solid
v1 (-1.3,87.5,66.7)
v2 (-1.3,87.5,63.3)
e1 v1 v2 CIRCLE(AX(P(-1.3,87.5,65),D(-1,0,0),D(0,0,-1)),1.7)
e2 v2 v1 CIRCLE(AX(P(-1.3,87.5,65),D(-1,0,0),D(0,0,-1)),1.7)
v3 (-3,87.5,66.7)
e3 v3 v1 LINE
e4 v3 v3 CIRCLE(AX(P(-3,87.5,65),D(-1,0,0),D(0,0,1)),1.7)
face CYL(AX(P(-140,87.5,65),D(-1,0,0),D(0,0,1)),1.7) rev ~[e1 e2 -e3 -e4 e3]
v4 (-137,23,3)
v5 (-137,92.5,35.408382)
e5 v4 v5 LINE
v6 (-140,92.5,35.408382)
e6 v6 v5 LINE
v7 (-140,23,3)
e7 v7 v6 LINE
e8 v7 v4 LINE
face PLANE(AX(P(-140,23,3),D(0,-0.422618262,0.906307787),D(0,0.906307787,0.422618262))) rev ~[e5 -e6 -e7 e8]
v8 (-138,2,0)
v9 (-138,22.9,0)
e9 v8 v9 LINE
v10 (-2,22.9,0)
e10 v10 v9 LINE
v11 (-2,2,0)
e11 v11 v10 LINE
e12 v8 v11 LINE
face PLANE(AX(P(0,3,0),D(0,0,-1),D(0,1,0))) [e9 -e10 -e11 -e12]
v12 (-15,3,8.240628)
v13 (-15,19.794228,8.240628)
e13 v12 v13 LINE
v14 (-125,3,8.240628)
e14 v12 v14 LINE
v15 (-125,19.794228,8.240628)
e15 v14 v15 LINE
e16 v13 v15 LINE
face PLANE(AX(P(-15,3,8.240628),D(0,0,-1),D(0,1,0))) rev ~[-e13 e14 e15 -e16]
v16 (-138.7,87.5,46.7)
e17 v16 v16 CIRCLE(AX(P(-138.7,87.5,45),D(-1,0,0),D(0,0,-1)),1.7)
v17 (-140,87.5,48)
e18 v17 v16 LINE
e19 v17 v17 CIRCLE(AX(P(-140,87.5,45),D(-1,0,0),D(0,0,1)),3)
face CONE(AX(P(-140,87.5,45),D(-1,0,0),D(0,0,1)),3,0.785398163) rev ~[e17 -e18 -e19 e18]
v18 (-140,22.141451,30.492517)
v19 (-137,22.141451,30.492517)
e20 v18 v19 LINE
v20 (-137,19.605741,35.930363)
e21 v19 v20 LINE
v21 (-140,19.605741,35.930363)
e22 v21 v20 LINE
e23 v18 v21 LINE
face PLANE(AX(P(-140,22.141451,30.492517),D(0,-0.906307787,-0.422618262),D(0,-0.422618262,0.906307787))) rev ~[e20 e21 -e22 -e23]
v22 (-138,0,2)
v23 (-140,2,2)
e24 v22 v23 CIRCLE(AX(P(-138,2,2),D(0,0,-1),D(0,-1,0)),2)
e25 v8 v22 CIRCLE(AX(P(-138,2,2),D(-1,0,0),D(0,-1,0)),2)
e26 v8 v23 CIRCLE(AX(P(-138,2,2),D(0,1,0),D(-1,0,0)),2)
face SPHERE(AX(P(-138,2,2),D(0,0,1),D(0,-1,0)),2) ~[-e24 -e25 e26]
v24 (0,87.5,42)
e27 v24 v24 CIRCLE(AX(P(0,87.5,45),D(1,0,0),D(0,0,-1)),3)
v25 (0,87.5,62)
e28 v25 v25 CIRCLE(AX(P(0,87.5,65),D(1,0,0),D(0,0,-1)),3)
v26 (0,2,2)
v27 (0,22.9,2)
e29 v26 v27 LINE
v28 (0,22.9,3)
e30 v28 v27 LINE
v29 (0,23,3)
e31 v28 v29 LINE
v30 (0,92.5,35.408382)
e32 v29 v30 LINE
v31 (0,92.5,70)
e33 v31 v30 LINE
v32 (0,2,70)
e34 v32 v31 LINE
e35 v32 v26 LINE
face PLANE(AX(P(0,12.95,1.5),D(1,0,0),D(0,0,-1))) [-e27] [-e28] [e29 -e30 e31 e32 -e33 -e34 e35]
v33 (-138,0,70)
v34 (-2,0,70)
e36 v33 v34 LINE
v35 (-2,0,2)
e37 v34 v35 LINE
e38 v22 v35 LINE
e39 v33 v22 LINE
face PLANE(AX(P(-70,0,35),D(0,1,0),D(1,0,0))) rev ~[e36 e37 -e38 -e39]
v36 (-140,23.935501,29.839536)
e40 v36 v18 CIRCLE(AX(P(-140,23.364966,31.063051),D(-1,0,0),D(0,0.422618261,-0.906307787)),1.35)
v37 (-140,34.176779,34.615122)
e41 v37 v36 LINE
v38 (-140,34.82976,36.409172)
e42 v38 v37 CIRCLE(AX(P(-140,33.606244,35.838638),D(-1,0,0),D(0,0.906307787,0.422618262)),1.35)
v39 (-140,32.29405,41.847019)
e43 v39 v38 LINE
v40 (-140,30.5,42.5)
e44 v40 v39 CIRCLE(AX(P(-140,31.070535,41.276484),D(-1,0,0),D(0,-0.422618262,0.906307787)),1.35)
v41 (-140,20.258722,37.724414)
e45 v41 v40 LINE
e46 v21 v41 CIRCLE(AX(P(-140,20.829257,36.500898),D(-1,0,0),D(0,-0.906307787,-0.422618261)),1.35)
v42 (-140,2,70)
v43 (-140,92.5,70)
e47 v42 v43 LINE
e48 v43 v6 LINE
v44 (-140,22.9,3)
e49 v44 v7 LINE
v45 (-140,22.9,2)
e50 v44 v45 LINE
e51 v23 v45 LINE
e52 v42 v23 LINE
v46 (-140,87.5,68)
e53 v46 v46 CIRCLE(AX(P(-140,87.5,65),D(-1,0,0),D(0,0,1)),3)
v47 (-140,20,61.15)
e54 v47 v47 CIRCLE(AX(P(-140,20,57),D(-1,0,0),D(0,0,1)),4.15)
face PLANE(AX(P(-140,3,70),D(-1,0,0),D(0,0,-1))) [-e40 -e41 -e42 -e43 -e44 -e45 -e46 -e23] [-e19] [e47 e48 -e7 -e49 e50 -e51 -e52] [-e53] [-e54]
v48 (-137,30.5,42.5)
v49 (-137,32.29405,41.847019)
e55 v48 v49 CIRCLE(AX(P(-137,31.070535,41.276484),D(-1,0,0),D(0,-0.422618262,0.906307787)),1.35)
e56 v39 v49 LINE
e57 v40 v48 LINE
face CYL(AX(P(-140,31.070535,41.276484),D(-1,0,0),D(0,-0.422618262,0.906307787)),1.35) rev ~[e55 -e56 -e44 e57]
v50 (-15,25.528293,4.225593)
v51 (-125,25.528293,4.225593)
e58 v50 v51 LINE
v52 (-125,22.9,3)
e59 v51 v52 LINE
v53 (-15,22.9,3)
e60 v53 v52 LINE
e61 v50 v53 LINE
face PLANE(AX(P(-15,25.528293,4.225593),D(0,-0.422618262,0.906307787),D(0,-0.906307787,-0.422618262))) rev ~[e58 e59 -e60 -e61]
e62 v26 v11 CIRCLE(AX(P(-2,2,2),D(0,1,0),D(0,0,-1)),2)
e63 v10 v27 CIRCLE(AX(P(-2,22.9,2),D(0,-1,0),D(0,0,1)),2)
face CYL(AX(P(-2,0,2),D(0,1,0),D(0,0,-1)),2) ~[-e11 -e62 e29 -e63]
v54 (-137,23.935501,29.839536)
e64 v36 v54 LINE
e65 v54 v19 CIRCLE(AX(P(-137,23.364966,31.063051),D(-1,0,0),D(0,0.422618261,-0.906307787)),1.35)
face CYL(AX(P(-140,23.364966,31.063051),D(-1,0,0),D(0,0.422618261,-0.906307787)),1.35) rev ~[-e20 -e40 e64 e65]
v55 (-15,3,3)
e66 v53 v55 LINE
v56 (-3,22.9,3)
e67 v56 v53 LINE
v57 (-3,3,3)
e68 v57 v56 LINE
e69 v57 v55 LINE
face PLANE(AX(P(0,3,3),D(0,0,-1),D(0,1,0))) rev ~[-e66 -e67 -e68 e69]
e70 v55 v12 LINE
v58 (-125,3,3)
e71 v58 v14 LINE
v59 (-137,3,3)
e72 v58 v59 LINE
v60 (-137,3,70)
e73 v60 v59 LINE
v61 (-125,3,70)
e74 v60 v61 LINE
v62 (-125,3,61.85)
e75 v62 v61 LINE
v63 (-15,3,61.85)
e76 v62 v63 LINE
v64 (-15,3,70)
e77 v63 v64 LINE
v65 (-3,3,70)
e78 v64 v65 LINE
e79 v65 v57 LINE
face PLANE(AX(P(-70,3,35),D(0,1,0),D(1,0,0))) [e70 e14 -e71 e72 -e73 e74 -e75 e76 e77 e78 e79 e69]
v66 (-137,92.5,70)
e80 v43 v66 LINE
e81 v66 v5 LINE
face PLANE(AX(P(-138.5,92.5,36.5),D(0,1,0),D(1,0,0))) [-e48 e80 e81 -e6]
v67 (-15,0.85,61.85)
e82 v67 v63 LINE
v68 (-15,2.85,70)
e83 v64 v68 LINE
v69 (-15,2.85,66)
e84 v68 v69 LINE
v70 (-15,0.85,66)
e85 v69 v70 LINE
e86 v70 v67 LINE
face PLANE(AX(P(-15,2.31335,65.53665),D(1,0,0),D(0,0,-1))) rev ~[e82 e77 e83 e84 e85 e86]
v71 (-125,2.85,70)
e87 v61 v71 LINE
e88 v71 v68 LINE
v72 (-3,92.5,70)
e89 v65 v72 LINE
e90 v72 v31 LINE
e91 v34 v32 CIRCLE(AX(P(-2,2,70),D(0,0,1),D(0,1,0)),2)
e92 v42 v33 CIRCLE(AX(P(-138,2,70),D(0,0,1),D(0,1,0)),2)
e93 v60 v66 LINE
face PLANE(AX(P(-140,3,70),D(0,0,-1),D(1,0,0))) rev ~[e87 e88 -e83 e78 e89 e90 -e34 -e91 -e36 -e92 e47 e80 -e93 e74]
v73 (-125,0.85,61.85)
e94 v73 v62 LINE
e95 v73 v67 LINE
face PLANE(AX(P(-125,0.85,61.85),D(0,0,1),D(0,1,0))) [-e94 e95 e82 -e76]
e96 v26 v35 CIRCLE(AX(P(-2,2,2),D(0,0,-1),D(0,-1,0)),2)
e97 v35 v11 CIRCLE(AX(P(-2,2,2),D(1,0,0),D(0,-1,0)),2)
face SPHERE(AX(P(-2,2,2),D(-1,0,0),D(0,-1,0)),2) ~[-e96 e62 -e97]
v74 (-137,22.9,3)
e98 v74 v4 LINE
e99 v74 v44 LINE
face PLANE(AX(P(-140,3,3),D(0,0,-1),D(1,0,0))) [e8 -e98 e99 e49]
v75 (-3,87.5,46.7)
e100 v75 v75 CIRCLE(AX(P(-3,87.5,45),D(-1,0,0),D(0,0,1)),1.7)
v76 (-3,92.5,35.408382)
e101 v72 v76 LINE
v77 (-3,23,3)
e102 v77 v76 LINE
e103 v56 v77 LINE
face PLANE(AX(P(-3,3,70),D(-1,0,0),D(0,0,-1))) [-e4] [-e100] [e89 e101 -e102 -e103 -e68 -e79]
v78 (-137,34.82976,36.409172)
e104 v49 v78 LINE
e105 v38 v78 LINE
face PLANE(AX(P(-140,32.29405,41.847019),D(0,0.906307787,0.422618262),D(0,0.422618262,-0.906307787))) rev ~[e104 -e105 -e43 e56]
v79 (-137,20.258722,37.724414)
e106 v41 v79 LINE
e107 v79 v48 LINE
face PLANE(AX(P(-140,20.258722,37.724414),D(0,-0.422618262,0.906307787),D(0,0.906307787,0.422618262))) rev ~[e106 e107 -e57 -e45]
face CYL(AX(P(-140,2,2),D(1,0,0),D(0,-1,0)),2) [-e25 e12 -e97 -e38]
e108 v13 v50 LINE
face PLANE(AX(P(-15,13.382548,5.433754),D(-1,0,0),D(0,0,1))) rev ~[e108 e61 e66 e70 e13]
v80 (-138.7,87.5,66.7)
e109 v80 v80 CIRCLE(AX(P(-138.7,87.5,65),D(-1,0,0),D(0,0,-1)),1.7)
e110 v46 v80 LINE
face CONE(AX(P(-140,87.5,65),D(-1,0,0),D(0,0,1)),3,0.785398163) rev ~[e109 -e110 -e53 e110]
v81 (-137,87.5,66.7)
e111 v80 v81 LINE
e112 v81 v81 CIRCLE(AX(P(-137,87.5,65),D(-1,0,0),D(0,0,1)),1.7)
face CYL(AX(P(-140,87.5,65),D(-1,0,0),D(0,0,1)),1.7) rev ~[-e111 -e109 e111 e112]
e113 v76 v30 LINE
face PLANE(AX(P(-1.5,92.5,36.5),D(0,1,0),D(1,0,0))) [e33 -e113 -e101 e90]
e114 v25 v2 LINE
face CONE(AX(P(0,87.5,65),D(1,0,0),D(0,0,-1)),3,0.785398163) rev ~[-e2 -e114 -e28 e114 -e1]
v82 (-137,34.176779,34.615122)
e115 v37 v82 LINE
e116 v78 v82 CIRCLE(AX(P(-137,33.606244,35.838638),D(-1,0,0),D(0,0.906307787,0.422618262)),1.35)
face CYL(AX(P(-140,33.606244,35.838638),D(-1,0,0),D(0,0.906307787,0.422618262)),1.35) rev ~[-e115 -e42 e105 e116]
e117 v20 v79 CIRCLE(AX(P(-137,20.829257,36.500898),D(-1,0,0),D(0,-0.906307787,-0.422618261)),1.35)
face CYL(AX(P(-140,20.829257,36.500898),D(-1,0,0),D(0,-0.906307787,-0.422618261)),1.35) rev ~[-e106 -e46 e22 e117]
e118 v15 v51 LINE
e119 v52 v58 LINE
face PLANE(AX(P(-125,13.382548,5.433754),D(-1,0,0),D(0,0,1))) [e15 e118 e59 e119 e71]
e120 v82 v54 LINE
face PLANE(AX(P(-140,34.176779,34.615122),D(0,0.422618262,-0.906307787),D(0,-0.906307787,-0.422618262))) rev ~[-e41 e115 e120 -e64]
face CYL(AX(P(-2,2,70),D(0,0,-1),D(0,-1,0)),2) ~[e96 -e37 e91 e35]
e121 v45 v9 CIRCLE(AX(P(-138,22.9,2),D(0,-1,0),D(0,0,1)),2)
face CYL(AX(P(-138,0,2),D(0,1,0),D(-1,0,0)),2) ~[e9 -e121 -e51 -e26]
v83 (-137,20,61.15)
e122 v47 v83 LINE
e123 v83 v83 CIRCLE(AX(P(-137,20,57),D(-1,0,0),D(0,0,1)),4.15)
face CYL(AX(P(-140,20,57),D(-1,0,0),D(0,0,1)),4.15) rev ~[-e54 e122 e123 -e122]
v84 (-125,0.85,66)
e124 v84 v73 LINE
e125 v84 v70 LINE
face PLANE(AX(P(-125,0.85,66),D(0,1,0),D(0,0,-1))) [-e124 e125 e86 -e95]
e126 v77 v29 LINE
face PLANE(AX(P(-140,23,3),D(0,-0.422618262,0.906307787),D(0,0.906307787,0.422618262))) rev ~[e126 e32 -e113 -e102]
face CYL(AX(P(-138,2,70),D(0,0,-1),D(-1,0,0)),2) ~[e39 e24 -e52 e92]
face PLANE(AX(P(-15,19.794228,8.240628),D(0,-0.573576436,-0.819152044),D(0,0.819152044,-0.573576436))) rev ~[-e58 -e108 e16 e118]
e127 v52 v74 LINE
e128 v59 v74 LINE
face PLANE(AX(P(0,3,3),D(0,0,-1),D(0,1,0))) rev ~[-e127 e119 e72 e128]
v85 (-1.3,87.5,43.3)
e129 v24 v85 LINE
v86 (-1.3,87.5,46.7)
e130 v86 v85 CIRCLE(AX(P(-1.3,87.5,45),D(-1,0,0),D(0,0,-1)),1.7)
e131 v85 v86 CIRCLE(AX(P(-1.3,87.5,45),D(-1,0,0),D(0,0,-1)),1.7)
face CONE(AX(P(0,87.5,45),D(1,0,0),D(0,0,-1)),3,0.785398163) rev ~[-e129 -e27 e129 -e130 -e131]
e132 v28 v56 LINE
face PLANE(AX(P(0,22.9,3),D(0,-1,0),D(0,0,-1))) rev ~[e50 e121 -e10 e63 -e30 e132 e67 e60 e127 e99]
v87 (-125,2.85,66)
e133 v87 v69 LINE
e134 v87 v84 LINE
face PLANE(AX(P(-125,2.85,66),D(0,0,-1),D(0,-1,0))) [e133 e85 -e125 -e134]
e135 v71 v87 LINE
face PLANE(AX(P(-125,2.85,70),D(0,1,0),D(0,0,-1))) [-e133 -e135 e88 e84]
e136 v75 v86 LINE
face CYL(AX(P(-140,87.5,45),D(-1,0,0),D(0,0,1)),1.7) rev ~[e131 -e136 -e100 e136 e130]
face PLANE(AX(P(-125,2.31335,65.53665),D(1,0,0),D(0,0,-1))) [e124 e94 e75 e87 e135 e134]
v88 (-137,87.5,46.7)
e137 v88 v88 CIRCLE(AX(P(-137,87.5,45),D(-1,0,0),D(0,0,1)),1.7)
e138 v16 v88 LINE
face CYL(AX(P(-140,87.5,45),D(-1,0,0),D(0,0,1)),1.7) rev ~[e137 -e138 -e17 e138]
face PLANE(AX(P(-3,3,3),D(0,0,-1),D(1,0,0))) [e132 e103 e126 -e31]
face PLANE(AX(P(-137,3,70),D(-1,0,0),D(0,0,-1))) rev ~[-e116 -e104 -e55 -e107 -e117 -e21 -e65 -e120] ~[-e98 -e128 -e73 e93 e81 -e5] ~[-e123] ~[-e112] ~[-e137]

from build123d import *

# Parameters (mm, degrees)
SCHIZZO1_W                         = 140
SCHIZZO1_H                         = 70
ESTRUSIONE_ESTRUSIONE1_DEPTH       = 3
ESTRUSIONE_ESTRUSIONE2_DEPTH       = 110
SCHIZZO4_W                         = 3
SCHIZZO4_H                         = 19.9
ESTRUSIONE_ESTRUSIONE3_DEPTH       = 140
SCHIZZO5_W                         = 3
SCHIZZO5_H                         = 67
ESTRUSIONE_ESTRUSIONE4_DEPTH       = 89.5
TAGLIO_ESTRUSIONE1_REACH           = 183.814
TAGLIO_ESTRUSIONE3_DEPTH           = 110
RACCORDO1_R                        = 2
SCHIZZO8_R                         = 1.7
TAGLIO_ESTRUSIONE4_DEPTH           = 182.813778356
SCHIZZO10_R                        = 3
TAGLIO_ESTRUSIONE5_DEPTH           = 2
TAGLIO_ESTRUSIONE5_DRAFT           = -45
TAGLIO_ESTRUSIONE5_PROFILE_2_DEPTH = 2
TAGLIO_ESTRUSIONE5_PROFILE_2_DRAFT = -45
SCHIZZO11_R                        = 3
TAGLIO_ESTRUSIONE6_DEPTH           = 2
TAGLIO_ESTRUSIONE6_DRAFT           = -45
TAGLIO_ESTRUSIONE6_PROFILE_2_DEPTH = 2
TAGLIO_ESTRUSIONE6_PROFILE_2_DRAFT = -45
TAGLIO_ESTRUSIONE7_DEPTH           = 3
SCHIZZO13_R                        = 4.15
TAGLIO_ESTRUSIONE8_DEPTH           = 10


with BuildPart() as part:
    # Schizzo1 → Estrusione-Estrusione1 (new body)
    with BuildSketch(Plane(origin=(0, 0, 0), x_dir=(1, 0, 0), z_dir=(0, 1, 0))):
        with Locations((-70, -35)):
            Rectangle(SCHIZZO1_W, SCHIZZO1_H)
    extrude(amount=ESTRUSIONE_ESTRUSIONE1_DEPTH)

    # Schizzo2 → Estrusione-Estrusione2 (add)
    with BuildSketch(Plane(origin=(-15, 0, 0), x_dir=(0, 0, -1), z_dir=(1, 0, 0))):
        Polygon((-8.240628014, 3), (-8.240628014, 19.794228272), (-4.225592959, 25.528292582), (-3, 22.9), (-3, 3), align=None)
    extrude(amount=-ESTRUSIONE_ESTRUSIONE2_DEPTH)

    # Schizzo4 → Estrusione-Estrusione3 (add)
    with BuildSketch(Plane(origin=(0, 0, 0), x_dir=(0, 0, -1), z_dir=(1, 0, 0))):
        with Locations((-1.5, 12.95)):
            Rectangle(SCHIZZO4_W, SCHIZZO4_H)
    extrude(amount=-ESTRUSIONE_ESTRUSIONE3_DEPTH)

    # Schizzo5 → Estrusione-Estrusione4 (add)
    with BuildSketch(Plane(origin=(0, 3, 0), x_dir=(1, 0, 0), z_dir=(0, 1, 0))):
        with Locations((-138.5, -36.5)):
            Rectangle(SCHIZZO5_W, SCHIZZO5_H)
        with Locations((-1.5, -36.5)):
            Rectangle(SCHIZZO5_W, SCHIZZO5_H)
    extrude(amount=ESTRUSIONE_ESTRUSIONE4_DEPTH)

    # Taglio-Estrusione1: up to this face of the body (flat: up to its plane)
    taglio_estrusione1_end = Plane(part.part.faces().sort_by_distance((0, 45.868467333, 36.116274616))[0])
    # Schizzo6 → Taglio-Estrusione1 (cut, up to the picked face)
    with BuildSketch(Plane.ZY.offset(140), mode=Mode.PRIVATE) as taglio_estrusione1_sk1:
        Polygon((3, 23), (35.408382242, 92.5), (3, 92.5), align=None)
    taglio_estrusione1_tool1 = split(extrude(taglio_estrusione1_sk1.sketch, amount=-TAGLIO_ESTRUSIONE1_REACH, mode=Mode.PRIVATE), bisect_by=taglio_estrusione1_end, keep=Keep.BOTH, mode=Mode.PRIVATE)
    add(taglio_estrusione1_tool1.solids().sort_by(Axis((-140, 69.333333, 13.802794), (1, 0, 0)))[0], mode=Mode.SUBTRACT)

    # Schizzo7 → Taglio-Estrusione3 (cut)
    with BuildSketch(Plane.ZY.offset(125)):
        Polygon((61.85, 3), (70, 3), (70, 2.85), (66, 2.85), (66, 0.85), (61.85, 0.85), align=None)
    extrude(amount=-TAGLIO_ESTRUSIONE3_DEPTH, mode=Mode.SUBTRACT)

    # Raccordo1
    raccordo1_edges = [part.edges().sort_by_distance(p)[0] for p in [
        (-140, 0, 35),
        (-70, 0, 0),
        (0, 0, 35),
        (-140, 11.45, 0),
        (0, 11.45, 0),
    ]]
    fillet(raccordo1_edges, radius=RACCORDO1_R)

    # Schizzo8 → Taglio-Estrusione4 (cut, through all)
    with BuildSketch(Plane.ZY.offset(140)):
        with Locations((45, 87.5)):
            Circle(SCHIZZO8_R)
        with Locations((65, 87.5)):
            Circle(SCHIZZO8_R)
    extrude(amount=-TAGLIO_ESTRUSIONE4_DEPTH, mode=Mode.SUBTRACT)


with BuildPart() as taglio_estrusione5_tool:
    # Schizzo10 → Taglio-Estrusione5 (with draft: the straight prism first)
    with BuildSketch(Plane.ZY.offset(140)):
        with Locations((45, 87.5)):
            Circle(SCHIZZO10_R)
    extrude(amount=-TAGLIO_ESTRUSIONE5_DEPTH)
    # Taglio-Estrusione5: the draft: its side faces are tilted about the plane it starts from
    taglio_estrusione5_sides = [taglio_estrusione5_tool.faces().sort_by_distance(p)[0] for p in [
        (-139, 87.5, 42),
    ]]
    draft(taglio_estrusione5_sides, Plane.ZY.offset(140), TAGLIO_ESTRUSIONE5_DRAFT)


with BuildPart() as part_1:
    add(part.part)

    # Taglio-Estrusione5: cut by taglio_estrusione5_tool
    add(taglio_estrusione5_tool.part, mode=Mode.SUBTRACT)


with BuildPart() as taglio_estrusione5_profile_2_tool:
    # Schizzo10 → Taglio-Estrusione5 profile 2 (with draft: the straight prism first)
    with BuildSketch(Plane.ZY.offset(140)):
        with Locations((65, 87.5)):
            Circle(SCHIZZO10_R)
    extrude(amount=-TAGLIO_ESTRUSIONE5_PROFILE_2_DEPTH)
    # Taglio-Estrusione5 profile 2: the draft: its side faces are tilted about the plane it starts from
    taglio_estrusione5_profile_2_sides = [taglio_estrusione5_profile_2_tool.faces().sort_by_distance(p)[0] for p in [
        (-139, 87.5, 62),
    ]]
    draft(taglio_estrusione5_profile_2_sides, Plane.ZY.offset(140), TAGLIO_ESTRUSIONE5_PROFILE_2_DRAFT)


with BuildPart() as part_2:
    add(part_1.part)

    # Taglio-Estrusione5 profile 2: cut by taglio_estrusione5_profile_2_tool
    add(taglio_estrusione5_profile_2_tool.part, mode=Mode.SUBTRACT)


with BuildPart() as taglio_estrusione6_tool:
    # Schizzo11 → Taglio-Estrusione6 (with draft: the straight prism first)
    with BuildSketch(Plane(origin=(0, 0, 0), x_dir=(0, 0, -1), z_dir=(1, 0, 0))):
        with Locations((-65, 87.5)):
            Circle(SCHIZZO11_R)
    extrude(amount=-TAGLIO_ESTRUSIONE6_DEPTH)
    # Taglio-Estrusione6: the draft: its side faces are tilted about the plane it starts from
    taglio_estrusione6_sides = [taglio_estrusione6_tool.faces().sort_by_distance(p)[0] for p in [
        (-1, 87.5, 68),
    ]]
    draft(taglio_estrusione6_sides, Plane(origin=(0, 0, 0), x_dir=(0, 0, -1), z_dir=(1, 0, 0)), TAGLIO_ESTRUSIONE6_DRAFT)


with BuildPart() as part_3:
    add(part_2.part)

    # Taglio-Estrusione6: cut by taglio_estrusione6_tool
    add(taglio_estrusione6_tool.part, mode=Mode.SUBTRACT)


with BuildPart() as taglio_estrusione6_profile_2_tool:
    # Schizzo11 → Taglio-Estrusione6 profile 2 (with draft: the straight prism first)
    with BuildSketch(Plane(origin=(0, 0, 0), x_dir=(0, 0, -1), z_dir=(1, 0, 0))):
        with Locations((-45, 87.5)):
            Circle(SCHIZZO11_R)
    extrude(amount=-TAGLIO_ESTRUSIONE6_PROFILE_2_DEPTH)
    # Taglio-Estrusione6 profile 2: the draft: its side faces are tilted about the plane it starts from
    taglio_estrusione6_profile_2_sides = [taglio_estrusione6_profile_2_tool.faces().sort_by_distance(p)[0] for p in [
        (-1, 87.5, 48),
    ]]
    draft(taglio_estrusione6_profile_2_sides, Plane(origin=(0, 0, 0), x_dir=(0, 0, -1), z_dir=(1, 0, 0)), TAGLIO_ESTRUSIONE6_PROFILE_2_DRAFT)


with BuildPart() as part_4:
    add(part_3.part)

    # Taglio-Estrusione6 profile 2: cut by taglio_estrusione6_profile_2_tool
    add(taglio_estrusione6_profile_2_tool.part, mode=Mode.SUBTRACT)

    # Schizzo12 → Taglio-Estrusione7 (cut)
    with BuildSketch(Plane.ZY.offset(140)):
        with BuildLine():
            Line((37.724413642, 20.258722006), (42.5, 30.5))
            ThreePointArc((42.5, 30.5), (42.545069526, 31.532261847), (41.847019141, 32.294050166))
            Line((41.847019141, 32.294050166), (36.409172419, 34.829759736))
            ThreePointArc((36.409172419, 34.829759736), (35.376910572, 34.874829262), (34.615122253, 34.176778877))
            Line((34.615122253, 34.176778877), (29.839535895, 23.935500884))
            ThreePointArc((29.839535895, 23.935500884), (29.79446637, 22.903239037), (30.492516754, 22.141450718))
            Line((30.492516754, 22.141450718), (35.930363476, 19.605741147))
            ThreePointArc((35.930363476, 19.605741147), (36.962625323, 19.560671622), (37.724413642, 20.258722006))
        make_face()
    extrude(amount=-TAGLIO_ESTRUSIONE7_DEPTH, mode=Mode.SUBTRACT)

    # Schizzo13 → Taglio-Estrusione8 (cut)
    with BuildSketch(Plane.ZY.offset(140)):
        with Locations((57, 20)):
            Circle(SCHIZZO13_R)
    extrude(amount=-TAGLIO_ESTRUSIONE8_DEPTH, mode=Mode.SUBTRACT)


solid = part_4.part
